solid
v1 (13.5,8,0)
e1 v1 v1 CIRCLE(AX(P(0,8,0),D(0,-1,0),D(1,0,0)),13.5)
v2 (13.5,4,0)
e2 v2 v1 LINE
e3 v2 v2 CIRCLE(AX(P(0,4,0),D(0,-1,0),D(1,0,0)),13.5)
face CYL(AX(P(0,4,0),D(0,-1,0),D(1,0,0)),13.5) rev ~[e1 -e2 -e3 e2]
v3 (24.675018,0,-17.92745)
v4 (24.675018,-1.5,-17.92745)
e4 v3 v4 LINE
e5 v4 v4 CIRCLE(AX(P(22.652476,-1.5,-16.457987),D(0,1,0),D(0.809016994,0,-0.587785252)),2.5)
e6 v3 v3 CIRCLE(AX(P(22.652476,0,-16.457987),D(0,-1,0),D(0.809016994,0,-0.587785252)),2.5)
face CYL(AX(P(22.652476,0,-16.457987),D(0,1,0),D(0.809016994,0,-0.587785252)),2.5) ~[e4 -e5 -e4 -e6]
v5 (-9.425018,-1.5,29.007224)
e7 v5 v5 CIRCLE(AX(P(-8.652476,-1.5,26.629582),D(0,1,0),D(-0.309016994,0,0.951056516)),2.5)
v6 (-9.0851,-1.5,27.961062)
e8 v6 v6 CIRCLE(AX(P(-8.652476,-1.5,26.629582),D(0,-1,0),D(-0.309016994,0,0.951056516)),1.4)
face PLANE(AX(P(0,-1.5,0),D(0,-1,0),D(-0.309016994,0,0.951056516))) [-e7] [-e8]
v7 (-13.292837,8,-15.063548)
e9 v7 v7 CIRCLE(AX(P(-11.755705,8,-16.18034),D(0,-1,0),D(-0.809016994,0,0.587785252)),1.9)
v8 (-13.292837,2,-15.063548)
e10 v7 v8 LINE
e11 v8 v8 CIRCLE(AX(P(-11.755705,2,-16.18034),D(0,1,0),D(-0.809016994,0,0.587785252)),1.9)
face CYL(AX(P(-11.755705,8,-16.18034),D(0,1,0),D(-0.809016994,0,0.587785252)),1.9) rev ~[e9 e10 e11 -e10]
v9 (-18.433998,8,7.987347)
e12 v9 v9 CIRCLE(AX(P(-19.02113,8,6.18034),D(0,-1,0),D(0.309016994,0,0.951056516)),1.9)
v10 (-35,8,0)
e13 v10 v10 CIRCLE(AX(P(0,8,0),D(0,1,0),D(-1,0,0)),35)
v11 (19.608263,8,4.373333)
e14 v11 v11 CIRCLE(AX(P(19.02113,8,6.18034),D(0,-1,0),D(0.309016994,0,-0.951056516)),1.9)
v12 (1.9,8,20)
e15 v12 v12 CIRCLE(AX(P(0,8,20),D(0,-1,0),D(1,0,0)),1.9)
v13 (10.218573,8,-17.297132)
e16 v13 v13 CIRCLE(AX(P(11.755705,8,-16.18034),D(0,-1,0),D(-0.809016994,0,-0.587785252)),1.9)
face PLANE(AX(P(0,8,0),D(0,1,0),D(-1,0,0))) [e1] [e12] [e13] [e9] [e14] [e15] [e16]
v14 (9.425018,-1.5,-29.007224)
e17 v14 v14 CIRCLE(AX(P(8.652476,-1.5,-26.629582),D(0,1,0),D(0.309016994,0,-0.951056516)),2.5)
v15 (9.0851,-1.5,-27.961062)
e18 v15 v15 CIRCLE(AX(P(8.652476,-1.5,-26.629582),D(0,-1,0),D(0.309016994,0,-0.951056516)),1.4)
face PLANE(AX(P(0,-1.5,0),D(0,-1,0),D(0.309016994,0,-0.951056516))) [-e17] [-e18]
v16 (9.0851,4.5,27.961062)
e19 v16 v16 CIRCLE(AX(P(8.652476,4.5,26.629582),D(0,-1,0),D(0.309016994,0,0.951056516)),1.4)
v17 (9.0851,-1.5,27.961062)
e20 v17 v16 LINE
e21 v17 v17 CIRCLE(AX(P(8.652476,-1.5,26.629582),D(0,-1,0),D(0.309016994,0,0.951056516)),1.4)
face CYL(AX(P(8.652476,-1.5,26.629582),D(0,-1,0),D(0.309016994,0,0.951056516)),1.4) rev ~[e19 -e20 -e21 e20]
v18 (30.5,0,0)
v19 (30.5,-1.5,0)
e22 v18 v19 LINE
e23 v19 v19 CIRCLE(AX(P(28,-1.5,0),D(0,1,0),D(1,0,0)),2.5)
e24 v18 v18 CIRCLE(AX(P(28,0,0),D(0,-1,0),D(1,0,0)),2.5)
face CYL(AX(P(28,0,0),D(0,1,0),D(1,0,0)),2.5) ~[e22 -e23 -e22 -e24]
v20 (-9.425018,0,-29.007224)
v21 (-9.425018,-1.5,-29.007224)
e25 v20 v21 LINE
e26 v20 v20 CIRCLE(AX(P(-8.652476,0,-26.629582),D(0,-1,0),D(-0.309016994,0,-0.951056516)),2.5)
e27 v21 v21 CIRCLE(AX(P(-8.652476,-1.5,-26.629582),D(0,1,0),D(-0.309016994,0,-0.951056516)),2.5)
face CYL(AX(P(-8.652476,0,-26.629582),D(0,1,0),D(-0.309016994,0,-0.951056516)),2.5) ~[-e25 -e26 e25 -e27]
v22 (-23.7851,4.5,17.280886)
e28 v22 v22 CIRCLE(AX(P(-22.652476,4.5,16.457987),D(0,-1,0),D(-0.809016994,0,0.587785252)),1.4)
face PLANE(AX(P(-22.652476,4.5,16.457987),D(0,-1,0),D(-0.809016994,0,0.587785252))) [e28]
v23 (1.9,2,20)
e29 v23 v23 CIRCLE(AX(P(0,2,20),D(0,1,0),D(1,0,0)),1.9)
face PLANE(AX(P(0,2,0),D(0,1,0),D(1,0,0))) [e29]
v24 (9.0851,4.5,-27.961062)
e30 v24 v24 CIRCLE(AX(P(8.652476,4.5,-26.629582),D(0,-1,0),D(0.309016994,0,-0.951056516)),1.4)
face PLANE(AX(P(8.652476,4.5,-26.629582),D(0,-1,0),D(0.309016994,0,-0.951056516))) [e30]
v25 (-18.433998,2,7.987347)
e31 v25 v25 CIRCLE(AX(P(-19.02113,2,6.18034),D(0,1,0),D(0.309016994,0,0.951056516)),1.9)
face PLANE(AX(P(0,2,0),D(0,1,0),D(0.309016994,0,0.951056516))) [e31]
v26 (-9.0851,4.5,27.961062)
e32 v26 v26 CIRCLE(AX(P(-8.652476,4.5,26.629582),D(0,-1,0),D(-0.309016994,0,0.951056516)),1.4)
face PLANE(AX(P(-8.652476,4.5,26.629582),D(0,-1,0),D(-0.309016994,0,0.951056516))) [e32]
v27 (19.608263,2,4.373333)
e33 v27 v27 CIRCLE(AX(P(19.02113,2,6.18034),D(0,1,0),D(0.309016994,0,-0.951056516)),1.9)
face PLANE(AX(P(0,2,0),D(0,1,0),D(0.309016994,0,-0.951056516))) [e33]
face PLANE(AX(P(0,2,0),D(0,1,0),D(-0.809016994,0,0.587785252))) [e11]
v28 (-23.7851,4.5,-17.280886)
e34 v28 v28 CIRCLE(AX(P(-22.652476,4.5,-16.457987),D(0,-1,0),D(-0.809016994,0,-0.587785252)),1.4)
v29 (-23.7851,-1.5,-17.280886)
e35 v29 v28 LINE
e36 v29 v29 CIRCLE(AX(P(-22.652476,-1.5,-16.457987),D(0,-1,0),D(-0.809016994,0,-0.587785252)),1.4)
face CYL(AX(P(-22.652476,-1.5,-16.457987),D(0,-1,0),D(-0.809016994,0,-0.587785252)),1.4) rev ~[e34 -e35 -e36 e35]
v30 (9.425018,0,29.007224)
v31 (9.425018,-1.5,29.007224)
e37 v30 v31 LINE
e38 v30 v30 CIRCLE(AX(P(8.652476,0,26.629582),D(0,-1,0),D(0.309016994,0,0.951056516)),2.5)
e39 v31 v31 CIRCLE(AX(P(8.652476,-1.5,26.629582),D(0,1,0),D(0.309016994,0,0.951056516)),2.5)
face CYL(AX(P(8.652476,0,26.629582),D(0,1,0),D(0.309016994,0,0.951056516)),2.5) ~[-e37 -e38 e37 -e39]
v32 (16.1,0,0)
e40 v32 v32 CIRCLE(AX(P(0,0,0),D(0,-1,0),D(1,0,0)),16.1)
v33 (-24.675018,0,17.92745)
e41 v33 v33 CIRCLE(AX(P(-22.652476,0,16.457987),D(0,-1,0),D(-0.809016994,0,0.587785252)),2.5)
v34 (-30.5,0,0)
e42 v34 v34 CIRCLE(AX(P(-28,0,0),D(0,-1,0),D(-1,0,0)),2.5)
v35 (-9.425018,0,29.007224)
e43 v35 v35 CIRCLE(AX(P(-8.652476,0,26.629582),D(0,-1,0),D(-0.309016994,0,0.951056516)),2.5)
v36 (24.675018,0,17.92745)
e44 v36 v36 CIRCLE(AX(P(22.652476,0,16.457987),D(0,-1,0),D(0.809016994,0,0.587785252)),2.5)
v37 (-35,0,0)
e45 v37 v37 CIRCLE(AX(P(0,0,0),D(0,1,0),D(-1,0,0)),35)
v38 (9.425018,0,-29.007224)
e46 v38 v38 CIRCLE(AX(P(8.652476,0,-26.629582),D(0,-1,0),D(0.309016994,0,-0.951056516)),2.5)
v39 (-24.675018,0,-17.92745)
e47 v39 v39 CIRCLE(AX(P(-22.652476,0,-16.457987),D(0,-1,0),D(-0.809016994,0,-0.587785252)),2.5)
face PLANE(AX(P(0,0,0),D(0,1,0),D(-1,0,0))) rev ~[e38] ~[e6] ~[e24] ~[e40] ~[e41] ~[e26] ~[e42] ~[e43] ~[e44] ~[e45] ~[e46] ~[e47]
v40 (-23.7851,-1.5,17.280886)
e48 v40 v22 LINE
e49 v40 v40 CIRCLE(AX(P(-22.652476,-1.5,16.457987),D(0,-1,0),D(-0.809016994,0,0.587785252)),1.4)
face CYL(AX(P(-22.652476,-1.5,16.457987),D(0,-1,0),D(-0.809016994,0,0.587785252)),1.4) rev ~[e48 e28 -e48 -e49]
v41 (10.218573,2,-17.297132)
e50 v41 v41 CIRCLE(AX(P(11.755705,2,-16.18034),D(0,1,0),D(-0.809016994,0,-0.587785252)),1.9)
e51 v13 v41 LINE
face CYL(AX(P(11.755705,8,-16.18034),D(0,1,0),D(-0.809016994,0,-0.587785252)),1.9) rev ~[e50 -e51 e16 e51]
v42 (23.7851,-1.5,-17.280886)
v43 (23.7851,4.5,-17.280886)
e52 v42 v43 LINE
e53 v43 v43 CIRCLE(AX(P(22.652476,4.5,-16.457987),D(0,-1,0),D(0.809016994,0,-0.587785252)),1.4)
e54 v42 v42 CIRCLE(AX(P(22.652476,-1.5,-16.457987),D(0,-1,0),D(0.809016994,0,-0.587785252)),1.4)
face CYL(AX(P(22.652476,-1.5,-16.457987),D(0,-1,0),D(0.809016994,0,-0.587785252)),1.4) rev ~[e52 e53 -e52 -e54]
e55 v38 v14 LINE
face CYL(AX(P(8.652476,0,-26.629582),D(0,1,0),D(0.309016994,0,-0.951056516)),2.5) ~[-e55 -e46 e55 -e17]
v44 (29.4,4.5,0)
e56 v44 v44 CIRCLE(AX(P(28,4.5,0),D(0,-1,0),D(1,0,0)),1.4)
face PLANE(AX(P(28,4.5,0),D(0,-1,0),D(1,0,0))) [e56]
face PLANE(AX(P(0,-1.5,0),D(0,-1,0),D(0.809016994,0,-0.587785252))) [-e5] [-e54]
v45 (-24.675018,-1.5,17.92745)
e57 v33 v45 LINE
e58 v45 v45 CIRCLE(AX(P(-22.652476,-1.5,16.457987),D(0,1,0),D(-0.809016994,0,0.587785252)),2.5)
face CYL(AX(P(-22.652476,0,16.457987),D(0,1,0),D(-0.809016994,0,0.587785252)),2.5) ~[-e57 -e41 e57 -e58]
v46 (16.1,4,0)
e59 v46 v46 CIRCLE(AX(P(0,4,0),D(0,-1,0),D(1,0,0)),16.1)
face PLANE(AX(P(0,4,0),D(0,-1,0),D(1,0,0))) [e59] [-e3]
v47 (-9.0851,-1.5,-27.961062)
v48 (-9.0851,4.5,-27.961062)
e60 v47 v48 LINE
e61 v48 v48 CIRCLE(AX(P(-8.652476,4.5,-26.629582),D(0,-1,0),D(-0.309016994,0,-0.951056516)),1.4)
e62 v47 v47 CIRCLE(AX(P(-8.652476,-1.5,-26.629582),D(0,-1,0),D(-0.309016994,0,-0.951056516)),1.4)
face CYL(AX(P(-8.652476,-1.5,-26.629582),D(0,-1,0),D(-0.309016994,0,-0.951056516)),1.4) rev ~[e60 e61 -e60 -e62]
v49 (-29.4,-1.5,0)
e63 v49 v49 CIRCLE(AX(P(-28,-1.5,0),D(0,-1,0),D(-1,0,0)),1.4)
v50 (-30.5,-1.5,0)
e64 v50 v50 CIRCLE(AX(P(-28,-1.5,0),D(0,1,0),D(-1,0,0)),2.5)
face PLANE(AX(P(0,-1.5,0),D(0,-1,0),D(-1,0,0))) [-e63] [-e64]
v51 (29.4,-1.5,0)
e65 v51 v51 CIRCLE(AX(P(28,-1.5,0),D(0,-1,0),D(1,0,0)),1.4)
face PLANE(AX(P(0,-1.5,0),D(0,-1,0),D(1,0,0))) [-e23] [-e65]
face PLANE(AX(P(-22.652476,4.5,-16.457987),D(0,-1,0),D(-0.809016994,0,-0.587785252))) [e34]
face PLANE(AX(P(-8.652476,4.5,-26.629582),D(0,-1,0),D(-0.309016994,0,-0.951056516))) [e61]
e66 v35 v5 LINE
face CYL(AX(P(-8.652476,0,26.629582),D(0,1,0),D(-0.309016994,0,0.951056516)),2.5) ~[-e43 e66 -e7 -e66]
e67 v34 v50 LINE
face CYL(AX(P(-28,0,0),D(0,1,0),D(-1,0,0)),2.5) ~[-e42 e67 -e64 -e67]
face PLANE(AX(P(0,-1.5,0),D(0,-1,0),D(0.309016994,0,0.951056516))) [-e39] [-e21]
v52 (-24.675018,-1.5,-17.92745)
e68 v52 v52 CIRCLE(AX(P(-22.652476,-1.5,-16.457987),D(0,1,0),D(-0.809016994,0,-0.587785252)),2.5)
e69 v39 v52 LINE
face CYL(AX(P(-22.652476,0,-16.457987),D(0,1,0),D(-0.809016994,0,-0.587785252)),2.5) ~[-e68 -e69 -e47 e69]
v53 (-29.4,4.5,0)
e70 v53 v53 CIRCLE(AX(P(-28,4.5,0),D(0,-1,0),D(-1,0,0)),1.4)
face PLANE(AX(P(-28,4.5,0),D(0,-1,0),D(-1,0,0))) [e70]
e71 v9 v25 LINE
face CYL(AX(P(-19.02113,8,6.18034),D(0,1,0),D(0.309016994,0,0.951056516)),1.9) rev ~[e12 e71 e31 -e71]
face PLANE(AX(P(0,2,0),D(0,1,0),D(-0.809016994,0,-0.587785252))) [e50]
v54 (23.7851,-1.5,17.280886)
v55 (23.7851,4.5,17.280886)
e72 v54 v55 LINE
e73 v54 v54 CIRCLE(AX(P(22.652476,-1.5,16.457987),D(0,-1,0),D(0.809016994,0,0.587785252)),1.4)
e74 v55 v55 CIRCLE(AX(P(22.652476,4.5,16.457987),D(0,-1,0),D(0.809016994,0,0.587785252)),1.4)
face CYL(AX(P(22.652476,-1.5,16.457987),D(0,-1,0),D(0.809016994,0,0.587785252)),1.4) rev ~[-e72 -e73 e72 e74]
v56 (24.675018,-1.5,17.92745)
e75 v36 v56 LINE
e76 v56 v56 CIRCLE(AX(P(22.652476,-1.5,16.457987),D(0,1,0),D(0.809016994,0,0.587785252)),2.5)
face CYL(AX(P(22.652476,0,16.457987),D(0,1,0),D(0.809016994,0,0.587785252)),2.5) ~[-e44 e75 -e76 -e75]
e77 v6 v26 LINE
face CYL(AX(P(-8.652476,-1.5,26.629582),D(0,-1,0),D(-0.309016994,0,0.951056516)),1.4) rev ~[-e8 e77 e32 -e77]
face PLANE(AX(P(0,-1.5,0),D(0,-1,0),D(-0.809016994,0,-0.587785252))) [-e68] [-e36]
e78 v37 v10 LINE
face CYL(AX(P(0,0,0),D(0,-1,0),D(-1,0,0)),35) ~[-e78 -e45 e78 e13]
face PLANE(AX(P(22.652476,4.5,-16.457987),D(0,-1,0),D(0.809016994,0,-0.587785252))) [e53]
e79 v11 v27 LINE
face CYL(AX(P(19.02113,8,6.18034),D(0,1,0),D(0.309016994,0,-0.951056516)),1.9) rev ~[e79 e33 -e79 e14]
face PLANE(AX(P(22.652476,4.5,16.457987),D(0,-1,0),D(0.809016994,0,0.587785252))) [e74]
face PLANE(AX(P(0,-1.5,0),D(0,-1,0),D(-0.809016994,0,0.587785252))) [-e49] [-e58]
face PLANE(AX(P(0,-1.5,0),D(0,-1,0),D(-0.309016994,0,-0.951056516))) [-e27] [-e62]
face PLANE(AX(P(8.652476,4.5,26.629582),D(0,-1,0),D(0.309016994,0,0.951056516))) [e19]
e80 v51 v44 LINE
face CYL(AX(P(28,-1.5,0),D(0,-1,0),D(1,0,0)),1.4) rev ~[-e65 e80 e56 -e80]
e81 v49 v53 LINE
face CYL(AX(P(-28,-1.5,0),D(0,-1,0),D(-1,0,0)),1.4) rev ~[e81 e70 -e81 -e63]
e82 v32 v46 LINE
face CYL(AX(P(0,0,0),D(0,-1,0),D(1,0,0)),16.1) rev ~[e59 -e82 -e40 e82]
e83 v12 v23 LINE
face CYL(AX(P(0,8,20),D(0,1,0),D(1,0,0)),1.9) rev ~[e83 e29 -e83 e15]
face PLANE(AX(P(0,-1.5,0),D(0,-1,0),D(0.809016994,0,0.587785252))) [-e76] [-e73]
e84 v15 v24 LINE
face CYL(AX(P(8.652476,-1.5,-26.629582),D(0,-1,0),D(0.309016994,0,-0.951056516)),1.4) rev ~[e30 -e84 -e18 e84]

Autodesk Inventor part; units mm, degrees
ref_plane "YZ Plane" through (0, 0, 0) normal (1, 0, 0) x (0, 1, 0)
ref_plane "XZ Plane" through (0, 0, 0) normal (0, 1, 0) x (-1, 0, 0)
ref_plane "XY Plane" through (0, 0, 0) normal (0, 0, 1) x (1, 0, 0)
sketch "Szkic1" plane through (0, 0, 0) normal (0, 1, 0) x (-1, 0, 0)
  circle A0 centre (0, 0) radius 35
  dimension "d0" = 70
extrude "Wyciągnięcie proste1" add sketch "Szkic1" along normal blind 8
sketch "Szkic2" plane through (0, 0, 0) normal (0, -1, 0) x (1, 0, 0)
  circle A0 centre (0, 0) radius 28
  circle A1 centre (28, 0) radius 2.5
  dimension "d3" = 56
  dimension "d4" = 5
sketch "Szkic3" plane through (0, 0, 0) normal (0, -1, 0) x (1, 0, 0)
  circle A0 centre (0, 0) radius 16.1
  dimension "d9" = 32.2
extrude "Wyciągnięcie proste2" cut sketch "Szkic3" against normal blind 4
extrude "Wyciągnięcie proste3" add sketch "Szkic2" along normal blind 1.5 contours A0 A1 | A0 A1 picked at (27.2137, -0.5653) picked at (28.742, -0.6489)
pattern_circular "Szyk kołowy1" count 10 over 360 about axis through (0, 0, 0) along (0, 1, 0) of "Wyciągnięcie proste3"
sketch "Szkic4" plane through (0, 4, 0) normal (0, -1, 0) x (1, 0, 0)
  circle A0 centre (0, 0) radius 13.5
  dimension "d17" = 27
extrude "Wyciągnięcie proste4" cut sketch "Szkic4" against normal blind 4
sketch "Szkic5" plane through (28, -1.5, 0) normal (0, -1, 0) x (1, 0, 0)
  circle A0 centre (0, 0) radius 2.5 projected
  circle A1 centre (0, 0) radius 1.4
  point P0 (-28, 0)
  dimension "d20" = 2.8
extrude "Wyciągnięcie proste5" cut sketch "Szkic5" against normal blind 6 contours A1
pattern_circular "Szyk kołowy2" count 10 over 360 about axis through (0, 0, 0) along (0, 1, 0) of "Wyciągnięcie proste5"
sketch "Szkic6" plane through (0, 8, 0) normal (0, 1, 0) x (1, 0, 0)
  circle A0 centre (0, 0) radius 20
  circle A1 centre (0, -20) radius 1.9
  dimension "d26" = 40
  dimension "d27" = 3.8
extrude "Wyciągnięcie proste6" cut sketch "Szkic6" against normal blind 6 contours A1 A0 | A0 A1 picked at (0.074, -19.3643) picked at (0.0625, -20.6235)
pattern_circular "Szyk kołowy3" count 5 over 360 about axis through (0, 4, 0) along (0, 1, 0) of "Wyciągnięcie proste6"
properties part number "_Drukowanie 3D"
